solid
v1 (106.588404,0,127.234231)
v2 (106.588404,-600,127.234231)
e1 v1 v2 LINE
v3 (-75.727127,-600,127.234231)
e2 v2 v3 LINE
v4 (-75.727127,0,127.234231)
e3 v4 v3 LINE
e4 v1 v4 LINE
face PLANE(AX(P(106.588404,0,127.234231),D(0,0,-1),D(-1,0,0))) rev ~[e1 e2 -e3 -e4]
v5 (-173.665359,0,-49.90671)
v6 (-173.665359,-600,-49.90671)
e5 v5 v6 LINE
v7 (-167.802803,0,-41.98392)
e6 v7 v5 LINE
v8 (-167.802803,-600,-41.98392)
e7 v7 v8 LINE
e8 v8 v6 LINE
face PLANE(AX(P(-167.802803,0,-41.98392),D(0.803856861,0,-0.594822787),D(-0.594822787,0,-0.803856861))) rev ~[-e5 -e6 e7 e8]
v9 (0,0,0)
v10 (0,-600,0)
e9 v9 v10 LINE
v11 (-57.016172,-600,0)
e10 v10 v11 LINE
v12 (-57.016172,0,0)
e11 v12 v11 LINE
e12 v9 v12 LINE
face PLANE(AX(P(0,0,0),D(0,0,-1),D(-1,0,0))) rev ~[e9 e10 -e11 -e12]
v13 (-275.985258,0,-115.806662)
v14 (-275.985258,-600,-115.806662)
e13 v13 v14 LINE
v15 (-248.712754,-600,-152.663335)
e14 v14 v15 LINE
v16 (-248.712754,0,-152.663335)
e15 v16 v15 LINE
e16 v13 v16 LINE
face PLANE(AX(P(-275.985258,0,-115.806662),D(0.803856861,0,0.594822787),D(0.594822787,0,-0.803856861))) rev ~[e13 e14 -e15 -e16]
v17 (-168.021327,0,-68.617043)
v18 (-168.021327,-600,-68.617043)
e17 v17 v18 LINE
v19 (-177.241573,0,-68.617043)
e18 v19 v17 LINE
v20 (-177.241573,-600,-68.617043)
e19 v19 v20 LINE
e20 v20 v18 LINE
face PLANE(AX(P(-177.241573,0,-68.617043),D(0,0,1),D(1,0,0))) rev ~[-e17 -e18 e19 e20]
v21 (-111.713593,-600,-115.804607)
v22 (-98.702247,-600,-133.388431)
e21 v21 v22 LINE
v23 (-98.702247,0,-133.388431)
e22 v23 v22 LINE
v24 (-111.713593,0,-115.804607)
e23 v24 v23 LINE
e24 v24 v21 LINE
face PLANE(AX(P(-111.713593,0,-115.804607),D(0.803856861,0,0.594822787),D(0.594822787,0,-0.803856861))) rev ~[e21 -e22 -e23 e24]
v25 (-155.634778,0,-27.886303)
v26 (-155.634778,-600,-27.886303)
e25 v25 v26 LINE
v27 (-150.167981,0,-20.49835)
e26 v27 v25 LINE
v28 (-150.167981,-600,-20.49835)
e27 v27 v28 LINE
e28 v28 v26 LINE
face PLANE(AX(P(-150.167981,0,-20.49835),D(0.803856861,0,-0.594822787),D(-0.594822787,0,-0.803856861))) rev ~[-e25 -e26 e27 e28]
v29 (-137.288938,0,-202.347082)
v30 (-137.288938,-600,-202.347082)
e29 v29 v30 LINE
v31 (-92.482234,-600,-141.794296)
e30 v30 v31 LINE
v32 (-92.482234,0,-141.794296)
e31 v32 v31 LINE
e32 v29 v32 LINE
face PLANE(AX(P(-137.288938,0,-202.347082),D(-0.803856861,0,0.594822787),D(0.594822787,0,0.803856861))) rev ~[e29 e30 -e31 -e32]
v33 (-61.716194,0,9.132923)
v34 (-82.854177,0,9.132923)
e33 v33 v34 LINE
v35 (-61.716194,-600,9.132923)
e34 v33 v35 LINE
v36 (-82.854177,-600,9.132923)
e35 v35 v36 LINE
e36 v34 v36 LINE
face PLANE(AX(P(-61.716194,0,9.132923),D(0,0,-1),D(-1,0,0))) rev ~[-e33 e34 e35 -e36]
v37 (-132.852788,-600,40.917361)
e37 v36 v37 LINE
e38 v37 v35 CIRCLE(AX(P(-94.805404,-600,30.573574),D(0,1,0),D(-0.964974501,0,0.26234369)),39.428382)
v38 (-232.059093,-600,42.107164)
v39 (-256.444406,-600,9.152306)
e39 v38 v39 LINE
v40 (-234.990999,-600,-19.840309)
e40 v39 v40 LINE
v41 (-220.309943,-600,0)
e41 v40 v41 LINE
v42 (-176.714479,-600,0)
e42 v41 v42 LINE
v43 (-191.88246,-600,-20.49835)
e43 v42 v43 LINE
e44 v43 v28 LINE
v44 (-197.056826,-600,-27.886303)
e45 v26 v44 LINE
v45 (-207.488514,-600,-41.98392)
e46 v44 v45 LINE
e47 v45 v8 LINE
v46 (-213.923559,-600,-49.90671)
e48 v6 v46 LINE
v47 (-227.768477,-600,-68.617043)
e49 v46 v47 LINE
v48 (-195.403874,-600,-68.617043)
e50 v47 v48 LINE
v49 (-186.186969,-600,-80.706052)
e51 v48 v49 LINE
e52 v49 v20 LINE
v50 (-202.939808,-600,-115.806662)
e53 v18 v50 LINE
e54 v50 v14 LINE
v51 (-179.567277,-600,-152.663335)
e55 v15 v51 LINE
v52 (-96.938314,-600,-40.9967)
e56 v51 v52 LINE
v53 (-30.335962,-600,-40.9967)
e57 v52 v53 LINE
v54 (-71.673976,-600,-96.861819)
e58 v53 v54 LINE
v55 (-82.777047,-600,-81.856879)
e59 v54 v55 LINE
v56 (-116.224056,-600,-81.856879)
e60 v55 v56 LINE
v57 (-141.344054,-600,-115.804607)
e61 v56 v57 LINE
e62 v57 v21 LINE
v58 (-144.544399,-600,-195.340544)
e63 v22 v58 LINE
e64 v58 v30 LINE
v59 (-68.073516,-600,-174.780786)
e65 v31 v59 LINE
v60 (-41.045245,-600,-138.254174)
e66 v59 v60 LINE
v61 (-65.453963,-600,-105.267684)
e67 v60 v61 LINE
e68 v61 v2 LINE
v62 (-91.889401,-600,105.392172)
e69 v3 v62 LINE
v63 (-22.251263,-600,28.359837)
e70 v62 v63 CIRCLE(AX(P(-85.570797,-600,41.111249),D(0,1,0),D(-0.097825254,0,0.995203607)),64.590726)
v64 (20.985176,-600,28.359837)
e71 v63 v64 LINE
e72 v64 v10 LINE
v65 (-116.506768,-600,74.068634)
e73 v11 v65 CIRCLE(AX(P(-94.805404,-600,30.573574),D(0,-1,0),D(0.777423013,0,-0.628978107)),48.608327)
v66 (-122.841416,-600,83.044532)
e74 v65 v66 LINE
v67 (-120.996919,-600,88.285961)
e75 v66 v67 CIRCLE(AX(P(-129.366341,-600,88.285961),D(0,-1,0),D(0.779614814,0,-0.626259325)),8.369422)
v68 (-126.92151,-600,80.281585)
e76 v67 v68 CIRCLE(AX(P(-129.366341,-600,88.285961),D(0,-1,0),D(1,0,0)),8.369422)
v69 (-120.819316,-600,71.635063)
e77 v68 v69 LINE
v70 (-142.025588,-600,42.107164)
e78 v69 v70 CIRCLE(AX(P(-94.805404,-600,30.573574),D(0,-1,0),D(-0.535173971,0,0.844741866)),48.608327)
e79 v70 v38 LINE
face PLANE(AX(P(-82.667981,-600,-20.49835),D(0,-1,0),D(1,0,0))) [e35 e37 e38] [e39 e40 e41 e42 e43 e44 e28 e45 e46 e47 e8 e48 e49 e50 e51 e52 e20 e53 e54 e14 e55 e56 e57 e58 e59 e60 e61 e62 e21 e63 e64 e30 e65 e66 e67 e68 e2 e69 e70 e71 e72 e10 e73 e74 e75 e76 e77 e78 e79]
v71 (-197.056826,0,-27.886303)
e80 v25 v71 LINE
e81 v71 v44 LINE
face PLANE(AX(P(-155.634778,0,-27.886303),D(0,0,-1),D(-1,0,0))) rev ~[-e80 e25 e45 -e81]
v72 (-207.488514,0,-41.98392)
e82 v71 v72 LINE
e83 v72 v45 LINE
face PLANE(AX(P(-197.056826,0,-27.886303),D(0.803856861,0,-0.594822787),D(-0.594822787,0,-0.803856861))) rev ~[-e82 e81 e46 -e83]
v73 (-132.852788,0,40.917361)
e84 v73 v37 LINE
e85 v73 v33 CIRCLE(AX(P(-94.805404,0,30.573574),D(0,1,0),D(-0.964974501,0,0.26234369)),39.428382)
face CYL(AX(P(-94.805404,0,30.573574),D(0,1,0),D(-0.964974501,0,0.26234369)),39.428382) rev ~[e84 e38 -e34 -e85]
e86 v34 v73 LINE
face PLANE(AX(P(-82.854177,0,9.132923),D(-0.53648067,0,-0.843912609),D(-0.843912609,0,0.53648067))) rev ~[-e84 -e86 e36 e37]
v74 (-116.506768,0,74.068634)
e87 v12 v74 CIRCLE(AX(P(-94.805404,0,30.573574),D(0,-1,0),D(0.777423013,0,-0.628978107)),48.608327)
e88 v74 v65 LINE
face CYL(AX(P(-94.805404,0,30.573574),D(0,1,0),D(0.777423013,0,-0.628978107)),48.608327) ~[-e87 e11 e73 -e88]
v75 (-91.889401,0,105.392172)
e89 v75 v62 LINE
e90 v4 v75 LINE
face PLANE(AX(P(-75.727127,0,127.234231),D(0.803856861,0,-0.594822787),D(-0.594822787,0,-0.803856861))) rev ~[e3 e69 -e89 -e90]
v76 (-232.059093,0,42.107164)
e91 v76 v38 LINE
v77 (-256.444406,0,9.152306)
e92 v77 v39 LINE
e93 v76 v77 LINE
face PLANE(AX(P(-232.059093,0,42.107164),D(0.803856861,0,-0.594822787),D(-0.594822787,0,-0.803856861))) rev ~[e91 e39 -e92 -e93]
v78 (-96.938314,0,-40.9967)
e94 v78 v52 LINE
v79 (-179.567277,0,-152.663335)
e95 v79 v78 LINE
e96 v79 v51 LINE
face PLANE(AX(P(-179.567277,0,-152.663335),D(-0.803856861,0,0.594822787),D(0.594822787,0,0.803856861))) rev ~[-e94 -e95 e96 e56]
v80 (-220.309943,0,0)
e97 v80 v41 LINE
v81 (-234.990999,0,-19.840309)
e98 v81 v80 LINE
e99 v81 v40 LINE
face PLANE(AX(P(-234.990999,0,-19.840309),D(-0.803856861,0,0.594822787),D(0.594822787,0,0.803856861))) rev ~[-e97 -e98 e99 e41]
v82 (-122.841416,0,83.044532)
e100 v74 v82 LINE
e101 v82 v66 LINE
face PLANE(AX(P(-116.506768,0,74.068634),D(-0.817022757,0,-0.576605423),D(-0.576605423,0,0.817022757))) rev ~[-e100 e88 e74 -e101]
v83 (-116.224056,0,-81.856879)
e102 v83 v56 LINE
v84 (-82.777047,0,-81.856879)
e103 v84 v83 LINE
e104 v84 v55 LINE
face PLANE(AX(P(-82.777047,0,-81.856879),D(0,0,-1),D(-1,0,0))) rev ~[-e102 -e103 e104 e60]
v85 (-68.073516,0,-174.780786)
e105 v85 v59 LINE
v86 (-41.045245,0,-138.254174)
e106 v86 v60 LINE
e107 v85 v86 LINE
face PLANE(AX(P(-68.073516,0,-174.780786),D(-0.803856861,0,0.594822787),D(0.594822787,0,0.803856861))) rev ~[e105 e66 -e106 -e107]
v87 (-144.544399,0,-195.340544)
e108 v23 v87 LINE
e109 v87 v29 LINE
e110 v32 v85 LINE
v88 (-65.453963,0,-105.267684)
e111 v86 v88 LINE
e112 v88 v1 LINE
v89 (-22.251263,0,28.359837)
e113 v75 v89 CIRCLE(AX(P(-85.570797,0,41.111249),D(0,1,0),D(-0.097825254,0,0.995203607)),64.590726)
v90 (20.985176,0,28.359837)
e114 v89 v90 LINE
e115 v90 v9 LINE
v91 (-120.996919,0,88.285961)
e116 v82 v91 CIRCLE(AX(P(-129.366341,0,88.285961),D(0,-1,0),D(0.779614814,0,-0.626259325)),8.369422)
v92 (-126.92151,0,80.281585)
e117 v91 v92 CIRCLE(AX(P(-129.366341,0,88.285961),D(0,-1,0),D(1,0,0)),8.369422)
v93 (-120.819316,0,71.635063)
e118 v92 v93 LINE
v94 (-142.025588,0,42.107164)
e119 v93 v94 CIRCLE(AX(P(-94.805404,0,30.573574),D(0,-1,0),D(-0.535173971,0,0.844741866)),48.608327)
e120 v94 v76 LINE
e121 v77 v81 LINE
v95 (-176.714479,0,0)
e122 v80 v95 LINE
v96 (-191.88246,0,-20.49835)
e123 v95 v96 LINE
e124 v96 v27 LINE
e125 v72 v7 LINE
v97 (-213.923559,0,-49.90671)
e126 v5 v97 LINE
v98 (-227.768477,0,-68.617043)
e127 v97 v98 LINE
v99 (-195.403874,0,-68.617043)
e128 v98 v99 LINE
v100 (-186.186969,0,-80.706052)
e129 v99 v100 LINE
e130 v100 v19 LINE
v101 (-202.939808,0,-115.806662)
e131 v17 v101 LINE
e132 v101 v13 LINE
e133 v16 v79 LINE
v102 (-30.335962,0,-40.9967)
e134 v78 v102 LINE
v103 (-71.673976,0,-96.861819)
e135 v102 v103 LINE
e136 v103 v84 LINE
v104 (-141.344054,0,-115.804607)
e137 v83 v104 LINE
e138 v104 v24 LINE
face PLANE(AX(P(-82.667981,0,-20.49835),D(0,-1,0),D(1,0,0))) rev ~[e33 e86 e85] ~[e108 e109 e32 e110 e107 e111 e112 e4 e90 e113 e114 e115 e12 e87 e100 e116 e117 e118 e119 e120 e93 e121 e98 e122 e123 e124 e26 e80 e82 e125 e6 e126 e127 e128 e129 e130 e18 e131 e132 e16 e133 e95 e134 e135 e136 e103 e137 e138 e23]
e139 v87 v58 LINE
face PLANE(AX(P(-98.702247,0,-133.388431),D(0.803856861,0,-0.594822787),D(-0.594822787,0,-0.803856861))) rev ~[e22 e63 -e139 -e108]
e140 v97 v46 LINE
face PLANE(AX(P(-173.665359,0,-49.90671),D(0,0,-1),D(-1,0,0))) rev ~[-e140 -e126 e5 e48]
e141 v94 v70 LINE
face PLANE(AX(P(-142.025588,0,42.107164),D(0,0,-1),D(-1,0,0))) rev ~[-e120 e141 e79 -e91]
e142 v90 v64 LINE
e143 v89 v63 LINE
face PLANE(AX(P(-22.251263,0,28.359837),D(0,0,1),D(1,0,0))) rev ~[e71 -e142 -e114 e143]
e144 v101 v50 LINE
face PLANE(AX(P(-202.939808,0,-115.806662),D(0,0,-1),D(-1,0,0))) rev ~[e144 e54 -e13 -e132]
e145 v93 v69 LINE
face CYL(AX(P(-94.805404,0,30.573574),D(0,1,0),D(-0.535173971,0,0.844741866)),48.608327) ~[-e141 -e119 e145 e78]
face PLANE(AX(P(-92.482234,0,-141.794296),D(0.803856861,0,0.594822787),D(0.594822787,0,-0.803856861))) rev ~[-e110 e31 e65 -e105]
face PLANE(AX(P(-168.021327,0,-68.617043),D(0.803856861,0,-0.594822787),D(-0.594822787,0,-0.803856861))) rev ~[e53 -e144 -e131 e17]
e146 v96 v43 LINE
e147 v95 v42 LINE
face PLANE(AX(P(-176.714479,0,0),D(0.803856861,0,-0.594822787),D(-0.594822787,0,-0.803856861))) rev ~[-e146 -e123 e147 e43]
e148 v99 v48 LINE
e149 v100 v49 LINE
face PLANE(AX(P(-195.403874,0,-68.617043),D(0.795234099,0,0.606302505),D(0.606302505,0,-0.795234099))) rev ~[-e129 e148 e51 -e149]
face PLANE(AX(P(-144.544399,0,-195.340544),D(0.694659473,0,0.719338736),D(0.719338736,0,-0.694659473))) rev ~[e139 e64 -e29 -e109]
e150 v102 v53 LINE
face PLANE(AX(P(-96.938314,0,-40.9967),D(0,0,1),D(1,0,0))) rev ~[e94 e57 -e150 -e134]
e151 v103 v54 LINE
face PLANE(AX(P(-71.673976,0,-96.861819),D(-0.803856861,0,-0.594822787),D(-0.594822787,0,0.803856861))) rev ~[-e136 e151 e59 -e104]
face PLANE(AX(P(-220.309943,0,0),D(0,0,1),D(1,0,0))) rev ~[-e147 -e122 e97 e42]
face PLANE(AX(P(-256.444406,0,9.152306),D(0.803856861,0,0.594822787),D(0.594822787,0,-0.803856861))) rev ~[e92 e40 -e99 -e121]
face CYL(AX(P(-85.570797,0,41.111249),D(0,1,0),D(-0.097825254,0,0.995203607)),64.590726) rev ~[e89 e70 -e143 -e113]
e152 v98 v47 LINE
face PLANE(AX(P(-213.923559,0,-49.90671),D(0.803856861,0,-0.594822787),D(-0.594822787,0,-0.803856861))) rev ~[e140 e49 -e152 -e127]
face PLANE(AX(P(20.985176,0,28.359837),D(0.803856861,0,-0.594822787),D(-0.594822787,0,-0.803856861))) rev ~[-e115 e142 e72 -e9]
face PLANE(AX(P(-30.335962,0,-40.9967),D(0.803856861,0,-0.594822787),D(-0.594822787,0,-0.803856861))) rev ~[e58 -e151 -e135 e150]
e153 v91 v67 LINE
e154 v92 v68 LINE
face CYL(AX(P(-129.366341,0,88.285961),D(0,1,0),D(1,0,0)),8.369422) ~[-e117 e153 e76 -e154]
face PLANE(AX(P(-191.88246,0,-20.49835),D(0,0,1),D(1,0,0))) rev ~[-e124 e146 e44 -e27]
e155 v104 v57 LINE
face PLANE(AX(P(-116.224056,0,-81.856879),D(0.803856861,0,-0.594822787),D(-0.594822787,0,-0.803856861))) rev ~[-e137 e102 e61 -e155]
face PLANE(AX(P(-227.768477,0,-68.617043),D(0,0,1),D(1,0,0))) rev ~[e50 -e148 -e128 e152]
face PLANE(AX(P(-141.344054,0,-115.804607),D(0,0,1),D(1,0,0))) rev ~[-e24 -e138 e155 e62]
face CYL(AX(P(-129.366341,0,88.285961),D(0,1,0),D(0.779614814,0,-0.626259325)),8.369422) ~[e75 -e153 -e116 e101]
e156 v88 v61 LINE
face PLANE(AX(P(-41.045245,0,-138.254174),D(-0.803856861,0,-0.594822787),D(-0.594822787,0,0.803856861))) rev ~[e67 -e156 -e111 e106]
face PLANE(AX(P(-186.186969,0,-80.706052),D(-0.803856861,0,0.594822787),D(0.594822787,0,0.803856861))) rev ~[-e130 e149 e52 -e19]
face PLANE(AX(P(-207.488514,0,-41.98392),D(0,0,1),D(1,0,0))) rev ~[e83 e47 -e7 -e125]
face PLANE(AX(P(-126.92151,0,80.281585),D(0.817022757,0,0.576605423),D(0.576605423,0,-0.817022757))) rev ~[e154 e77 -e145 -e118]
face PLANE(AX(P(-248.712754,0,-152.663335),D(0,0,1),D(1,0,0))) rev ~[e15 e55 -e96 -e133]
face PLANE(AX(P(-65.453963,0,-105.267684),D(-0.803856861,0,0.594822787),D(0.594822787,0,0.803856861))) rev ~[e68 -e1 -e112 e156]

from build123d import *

# Parameters (mm, degrees)
F1_DEPTH = 600


with BuildPart() as f1:
    # F0 (on Front) → F1 (new body)
    with BuildSketch(Plane.XZ):
        Polygon((-57.0161717128, 0), (-135, 0), (-150.1679810622, -20.4983499457), (-155.6347784559, -27.8863026074), (-165.3359621243, -40.9966998915), (-96.9383139207, -40.9966998915), (-30.3359621243, -40.9966998915), (0, 0), align=None)
        with BuildLine():
            Line((-150.1679810622, -20.4983499457), (-135, 0))
            Line((-135, 0), (-57.0161717128, 0))
            ThreePointArc((-57.0161717128, 0), (-56.9075739834, 61.0124300524), (-116.5067681147, 74.0686344498))
            ThreePointArc((-116.5067681147, 74.0686344498), (-118.6940510107, 72.9068001121), (-120.8193157857, 71.6350630594))
            ThreePointArc((-120.8193157857, 71.6350630594), (-134.2868225707, 58.9282400507), (-142.0255883167, 42.1071641426))
            Line((-142.0255883167, 42.1071641426), (-232.0590932336, 42.1071641426))
            Line((-232.0590932336, 42.1071641426), (-256.4444055904, 9.1523058673))
            Line((-256.4444055904, 9.1523058673), (-234.9909992313, -19.8403088568))
            Line((-234.9909992313, -19.8403088568), (-220.3099429607, 0))
            Line((-220.3099429607, 0), (-176.7144793644, 0))
            Line((-176.7144793644, 0), (-191.8824604265, -20.4983499457))
            Line((-191.8824604265, -20.4983499457), (-150.1679810622, -20.4983499457))
        make_face()
        with BuildLine():
            ThreePointArc((-132.8527878768, 40.9173611322), (-78.7209860622, 66.5720298878), (-61.7161940581, 9.132922604))
            Line((-61.7161940581, 9.132922604), (-82.854176665, 9.132922604))
            Line((-82.854176665, 9.132922604), (-132.8527878768, 40.9173611322))
        make_face(mode=Mode.SUBTRACT)
        Polygon((20.9851757958, 28.3598374347), (0, 0), (-30.3359621243, -40.9966998915), (-71.6739757792, -96.8618190849), (-65.4539629325, -105.2676840103), (106.5884042597, 127.2342312906), (94.1483785662, 127.2342312906), align=None)
        with BuildLine():
            ThreePointArc((-120.8193157857, 71.6350630594), (-118.6940510107, 72.9068001121), (-116.5067681147, 74.0686344498))
            Line((-116.5067681147, 74.0686344498), (-122.841415611, 83.044531927))
            ThreePointArc((-122.841415611, 83.044531927), (-124.6735165199, 81.3559804602), (-126.9215099137, 80.2815850499))
            Line((-126.9215099137, 80.2815850499), (-120.8193157857, 71.6350630594))
        make_face()
        Polygon((-165.3359621243, -40.9966998915), (-155.6347784559, -27.8863026074), (-197.0568264004, -27.8863026074), (-207.4885144694, -41.9839199295), (-167.8028032048, -41.9839199295), (-173.6653593057, -49.906709788), (-213.9235590781, -49.906709788), (-227.7684772045, -68.6170427956), (-195.4038739204, -68.6170427956), (-177.2415726766, -68.6170427956), (-168.0213273478, -68.6170427956), (-202.9398083687, -115.8066615462), (-275.9852580547, -115.8066615462), (-248.7127541929, -152.6633352041), (-179.5672774315, -152.6633352041), (-96.9383139207, -40.9966998915), align=None)
        with BuildLine():
            Line((-22.2512632608, 28.3598374347), (20.9851757958, 28.3598374347))
            Line((20.9851757958, 28.3598374347), (94.1483785662, 127.2342312906))
            Line((94.1483785662, 127.2342312906), (-75.7271274924, 127.2342312906))
            Line((-75.7271274924, 127.2342312906), (-91.8894008887, 105.3921723746))
            ThreePointArc((-91.8894008887, 105.3921723746), (-37.6565854676, 84.4262603806), (-22.2512632608, 28.3598374347))
        make_face()
        with BuildLine():
            ThreePointArc((-126.9215099137, 80.2815850499), (-124.6735165199, 81.3559804602), (-122.841415611, 83.044531927))
            ThreePointArc((-122.841415611, 83.044531927), (-121.4714983754, 85.5077083569), (-120.9969189392, 88.285960634))
            ThreePointArc((-120.9969189392, 88.285960634), (-136.093489638, 93.26518765), (-126.9215099137, 80.2815850499))
        make_face()
        Polygon((-65.4539629325, -105.2676840103), (-71.6739757792, -96.8618190849), (-98.7022470538, -133.3884313442), (-92.4822342071, -141.7942962696), align=None)
        Polygon((-98.7022470538, -133.3884313442), (-71.6739757792, -96.8618190849), (-82.7770473941, -81.8568789745), (-116.2240564073, -81.8568789745), (-141.3440536534, -115.804606894), (-111.7135926971, -115.804606894), align=None)
        Polygon((-92.4822342071, -141.7942962696), (-98.7022470538, -133.3884313442), (-144.5443985877, -195.3405435308), (-137.2889383083, -202.3470815625), align=None)
        Polygon((-41.0452445793, -138.2541736742), (-65.4539629325, -105.2676840103), (-92.4822342071, -141.7942962696), (-68.0735158539, -174.7807859336), align=None)
        Polygon((-177.2415726766, -68.6170427956), (-195.4038739204, -68.6170427956), (-186.1869692802, -80.7060524821), align=None)
    extrude(amount=F1_DEPTH)


solid = f1.part
